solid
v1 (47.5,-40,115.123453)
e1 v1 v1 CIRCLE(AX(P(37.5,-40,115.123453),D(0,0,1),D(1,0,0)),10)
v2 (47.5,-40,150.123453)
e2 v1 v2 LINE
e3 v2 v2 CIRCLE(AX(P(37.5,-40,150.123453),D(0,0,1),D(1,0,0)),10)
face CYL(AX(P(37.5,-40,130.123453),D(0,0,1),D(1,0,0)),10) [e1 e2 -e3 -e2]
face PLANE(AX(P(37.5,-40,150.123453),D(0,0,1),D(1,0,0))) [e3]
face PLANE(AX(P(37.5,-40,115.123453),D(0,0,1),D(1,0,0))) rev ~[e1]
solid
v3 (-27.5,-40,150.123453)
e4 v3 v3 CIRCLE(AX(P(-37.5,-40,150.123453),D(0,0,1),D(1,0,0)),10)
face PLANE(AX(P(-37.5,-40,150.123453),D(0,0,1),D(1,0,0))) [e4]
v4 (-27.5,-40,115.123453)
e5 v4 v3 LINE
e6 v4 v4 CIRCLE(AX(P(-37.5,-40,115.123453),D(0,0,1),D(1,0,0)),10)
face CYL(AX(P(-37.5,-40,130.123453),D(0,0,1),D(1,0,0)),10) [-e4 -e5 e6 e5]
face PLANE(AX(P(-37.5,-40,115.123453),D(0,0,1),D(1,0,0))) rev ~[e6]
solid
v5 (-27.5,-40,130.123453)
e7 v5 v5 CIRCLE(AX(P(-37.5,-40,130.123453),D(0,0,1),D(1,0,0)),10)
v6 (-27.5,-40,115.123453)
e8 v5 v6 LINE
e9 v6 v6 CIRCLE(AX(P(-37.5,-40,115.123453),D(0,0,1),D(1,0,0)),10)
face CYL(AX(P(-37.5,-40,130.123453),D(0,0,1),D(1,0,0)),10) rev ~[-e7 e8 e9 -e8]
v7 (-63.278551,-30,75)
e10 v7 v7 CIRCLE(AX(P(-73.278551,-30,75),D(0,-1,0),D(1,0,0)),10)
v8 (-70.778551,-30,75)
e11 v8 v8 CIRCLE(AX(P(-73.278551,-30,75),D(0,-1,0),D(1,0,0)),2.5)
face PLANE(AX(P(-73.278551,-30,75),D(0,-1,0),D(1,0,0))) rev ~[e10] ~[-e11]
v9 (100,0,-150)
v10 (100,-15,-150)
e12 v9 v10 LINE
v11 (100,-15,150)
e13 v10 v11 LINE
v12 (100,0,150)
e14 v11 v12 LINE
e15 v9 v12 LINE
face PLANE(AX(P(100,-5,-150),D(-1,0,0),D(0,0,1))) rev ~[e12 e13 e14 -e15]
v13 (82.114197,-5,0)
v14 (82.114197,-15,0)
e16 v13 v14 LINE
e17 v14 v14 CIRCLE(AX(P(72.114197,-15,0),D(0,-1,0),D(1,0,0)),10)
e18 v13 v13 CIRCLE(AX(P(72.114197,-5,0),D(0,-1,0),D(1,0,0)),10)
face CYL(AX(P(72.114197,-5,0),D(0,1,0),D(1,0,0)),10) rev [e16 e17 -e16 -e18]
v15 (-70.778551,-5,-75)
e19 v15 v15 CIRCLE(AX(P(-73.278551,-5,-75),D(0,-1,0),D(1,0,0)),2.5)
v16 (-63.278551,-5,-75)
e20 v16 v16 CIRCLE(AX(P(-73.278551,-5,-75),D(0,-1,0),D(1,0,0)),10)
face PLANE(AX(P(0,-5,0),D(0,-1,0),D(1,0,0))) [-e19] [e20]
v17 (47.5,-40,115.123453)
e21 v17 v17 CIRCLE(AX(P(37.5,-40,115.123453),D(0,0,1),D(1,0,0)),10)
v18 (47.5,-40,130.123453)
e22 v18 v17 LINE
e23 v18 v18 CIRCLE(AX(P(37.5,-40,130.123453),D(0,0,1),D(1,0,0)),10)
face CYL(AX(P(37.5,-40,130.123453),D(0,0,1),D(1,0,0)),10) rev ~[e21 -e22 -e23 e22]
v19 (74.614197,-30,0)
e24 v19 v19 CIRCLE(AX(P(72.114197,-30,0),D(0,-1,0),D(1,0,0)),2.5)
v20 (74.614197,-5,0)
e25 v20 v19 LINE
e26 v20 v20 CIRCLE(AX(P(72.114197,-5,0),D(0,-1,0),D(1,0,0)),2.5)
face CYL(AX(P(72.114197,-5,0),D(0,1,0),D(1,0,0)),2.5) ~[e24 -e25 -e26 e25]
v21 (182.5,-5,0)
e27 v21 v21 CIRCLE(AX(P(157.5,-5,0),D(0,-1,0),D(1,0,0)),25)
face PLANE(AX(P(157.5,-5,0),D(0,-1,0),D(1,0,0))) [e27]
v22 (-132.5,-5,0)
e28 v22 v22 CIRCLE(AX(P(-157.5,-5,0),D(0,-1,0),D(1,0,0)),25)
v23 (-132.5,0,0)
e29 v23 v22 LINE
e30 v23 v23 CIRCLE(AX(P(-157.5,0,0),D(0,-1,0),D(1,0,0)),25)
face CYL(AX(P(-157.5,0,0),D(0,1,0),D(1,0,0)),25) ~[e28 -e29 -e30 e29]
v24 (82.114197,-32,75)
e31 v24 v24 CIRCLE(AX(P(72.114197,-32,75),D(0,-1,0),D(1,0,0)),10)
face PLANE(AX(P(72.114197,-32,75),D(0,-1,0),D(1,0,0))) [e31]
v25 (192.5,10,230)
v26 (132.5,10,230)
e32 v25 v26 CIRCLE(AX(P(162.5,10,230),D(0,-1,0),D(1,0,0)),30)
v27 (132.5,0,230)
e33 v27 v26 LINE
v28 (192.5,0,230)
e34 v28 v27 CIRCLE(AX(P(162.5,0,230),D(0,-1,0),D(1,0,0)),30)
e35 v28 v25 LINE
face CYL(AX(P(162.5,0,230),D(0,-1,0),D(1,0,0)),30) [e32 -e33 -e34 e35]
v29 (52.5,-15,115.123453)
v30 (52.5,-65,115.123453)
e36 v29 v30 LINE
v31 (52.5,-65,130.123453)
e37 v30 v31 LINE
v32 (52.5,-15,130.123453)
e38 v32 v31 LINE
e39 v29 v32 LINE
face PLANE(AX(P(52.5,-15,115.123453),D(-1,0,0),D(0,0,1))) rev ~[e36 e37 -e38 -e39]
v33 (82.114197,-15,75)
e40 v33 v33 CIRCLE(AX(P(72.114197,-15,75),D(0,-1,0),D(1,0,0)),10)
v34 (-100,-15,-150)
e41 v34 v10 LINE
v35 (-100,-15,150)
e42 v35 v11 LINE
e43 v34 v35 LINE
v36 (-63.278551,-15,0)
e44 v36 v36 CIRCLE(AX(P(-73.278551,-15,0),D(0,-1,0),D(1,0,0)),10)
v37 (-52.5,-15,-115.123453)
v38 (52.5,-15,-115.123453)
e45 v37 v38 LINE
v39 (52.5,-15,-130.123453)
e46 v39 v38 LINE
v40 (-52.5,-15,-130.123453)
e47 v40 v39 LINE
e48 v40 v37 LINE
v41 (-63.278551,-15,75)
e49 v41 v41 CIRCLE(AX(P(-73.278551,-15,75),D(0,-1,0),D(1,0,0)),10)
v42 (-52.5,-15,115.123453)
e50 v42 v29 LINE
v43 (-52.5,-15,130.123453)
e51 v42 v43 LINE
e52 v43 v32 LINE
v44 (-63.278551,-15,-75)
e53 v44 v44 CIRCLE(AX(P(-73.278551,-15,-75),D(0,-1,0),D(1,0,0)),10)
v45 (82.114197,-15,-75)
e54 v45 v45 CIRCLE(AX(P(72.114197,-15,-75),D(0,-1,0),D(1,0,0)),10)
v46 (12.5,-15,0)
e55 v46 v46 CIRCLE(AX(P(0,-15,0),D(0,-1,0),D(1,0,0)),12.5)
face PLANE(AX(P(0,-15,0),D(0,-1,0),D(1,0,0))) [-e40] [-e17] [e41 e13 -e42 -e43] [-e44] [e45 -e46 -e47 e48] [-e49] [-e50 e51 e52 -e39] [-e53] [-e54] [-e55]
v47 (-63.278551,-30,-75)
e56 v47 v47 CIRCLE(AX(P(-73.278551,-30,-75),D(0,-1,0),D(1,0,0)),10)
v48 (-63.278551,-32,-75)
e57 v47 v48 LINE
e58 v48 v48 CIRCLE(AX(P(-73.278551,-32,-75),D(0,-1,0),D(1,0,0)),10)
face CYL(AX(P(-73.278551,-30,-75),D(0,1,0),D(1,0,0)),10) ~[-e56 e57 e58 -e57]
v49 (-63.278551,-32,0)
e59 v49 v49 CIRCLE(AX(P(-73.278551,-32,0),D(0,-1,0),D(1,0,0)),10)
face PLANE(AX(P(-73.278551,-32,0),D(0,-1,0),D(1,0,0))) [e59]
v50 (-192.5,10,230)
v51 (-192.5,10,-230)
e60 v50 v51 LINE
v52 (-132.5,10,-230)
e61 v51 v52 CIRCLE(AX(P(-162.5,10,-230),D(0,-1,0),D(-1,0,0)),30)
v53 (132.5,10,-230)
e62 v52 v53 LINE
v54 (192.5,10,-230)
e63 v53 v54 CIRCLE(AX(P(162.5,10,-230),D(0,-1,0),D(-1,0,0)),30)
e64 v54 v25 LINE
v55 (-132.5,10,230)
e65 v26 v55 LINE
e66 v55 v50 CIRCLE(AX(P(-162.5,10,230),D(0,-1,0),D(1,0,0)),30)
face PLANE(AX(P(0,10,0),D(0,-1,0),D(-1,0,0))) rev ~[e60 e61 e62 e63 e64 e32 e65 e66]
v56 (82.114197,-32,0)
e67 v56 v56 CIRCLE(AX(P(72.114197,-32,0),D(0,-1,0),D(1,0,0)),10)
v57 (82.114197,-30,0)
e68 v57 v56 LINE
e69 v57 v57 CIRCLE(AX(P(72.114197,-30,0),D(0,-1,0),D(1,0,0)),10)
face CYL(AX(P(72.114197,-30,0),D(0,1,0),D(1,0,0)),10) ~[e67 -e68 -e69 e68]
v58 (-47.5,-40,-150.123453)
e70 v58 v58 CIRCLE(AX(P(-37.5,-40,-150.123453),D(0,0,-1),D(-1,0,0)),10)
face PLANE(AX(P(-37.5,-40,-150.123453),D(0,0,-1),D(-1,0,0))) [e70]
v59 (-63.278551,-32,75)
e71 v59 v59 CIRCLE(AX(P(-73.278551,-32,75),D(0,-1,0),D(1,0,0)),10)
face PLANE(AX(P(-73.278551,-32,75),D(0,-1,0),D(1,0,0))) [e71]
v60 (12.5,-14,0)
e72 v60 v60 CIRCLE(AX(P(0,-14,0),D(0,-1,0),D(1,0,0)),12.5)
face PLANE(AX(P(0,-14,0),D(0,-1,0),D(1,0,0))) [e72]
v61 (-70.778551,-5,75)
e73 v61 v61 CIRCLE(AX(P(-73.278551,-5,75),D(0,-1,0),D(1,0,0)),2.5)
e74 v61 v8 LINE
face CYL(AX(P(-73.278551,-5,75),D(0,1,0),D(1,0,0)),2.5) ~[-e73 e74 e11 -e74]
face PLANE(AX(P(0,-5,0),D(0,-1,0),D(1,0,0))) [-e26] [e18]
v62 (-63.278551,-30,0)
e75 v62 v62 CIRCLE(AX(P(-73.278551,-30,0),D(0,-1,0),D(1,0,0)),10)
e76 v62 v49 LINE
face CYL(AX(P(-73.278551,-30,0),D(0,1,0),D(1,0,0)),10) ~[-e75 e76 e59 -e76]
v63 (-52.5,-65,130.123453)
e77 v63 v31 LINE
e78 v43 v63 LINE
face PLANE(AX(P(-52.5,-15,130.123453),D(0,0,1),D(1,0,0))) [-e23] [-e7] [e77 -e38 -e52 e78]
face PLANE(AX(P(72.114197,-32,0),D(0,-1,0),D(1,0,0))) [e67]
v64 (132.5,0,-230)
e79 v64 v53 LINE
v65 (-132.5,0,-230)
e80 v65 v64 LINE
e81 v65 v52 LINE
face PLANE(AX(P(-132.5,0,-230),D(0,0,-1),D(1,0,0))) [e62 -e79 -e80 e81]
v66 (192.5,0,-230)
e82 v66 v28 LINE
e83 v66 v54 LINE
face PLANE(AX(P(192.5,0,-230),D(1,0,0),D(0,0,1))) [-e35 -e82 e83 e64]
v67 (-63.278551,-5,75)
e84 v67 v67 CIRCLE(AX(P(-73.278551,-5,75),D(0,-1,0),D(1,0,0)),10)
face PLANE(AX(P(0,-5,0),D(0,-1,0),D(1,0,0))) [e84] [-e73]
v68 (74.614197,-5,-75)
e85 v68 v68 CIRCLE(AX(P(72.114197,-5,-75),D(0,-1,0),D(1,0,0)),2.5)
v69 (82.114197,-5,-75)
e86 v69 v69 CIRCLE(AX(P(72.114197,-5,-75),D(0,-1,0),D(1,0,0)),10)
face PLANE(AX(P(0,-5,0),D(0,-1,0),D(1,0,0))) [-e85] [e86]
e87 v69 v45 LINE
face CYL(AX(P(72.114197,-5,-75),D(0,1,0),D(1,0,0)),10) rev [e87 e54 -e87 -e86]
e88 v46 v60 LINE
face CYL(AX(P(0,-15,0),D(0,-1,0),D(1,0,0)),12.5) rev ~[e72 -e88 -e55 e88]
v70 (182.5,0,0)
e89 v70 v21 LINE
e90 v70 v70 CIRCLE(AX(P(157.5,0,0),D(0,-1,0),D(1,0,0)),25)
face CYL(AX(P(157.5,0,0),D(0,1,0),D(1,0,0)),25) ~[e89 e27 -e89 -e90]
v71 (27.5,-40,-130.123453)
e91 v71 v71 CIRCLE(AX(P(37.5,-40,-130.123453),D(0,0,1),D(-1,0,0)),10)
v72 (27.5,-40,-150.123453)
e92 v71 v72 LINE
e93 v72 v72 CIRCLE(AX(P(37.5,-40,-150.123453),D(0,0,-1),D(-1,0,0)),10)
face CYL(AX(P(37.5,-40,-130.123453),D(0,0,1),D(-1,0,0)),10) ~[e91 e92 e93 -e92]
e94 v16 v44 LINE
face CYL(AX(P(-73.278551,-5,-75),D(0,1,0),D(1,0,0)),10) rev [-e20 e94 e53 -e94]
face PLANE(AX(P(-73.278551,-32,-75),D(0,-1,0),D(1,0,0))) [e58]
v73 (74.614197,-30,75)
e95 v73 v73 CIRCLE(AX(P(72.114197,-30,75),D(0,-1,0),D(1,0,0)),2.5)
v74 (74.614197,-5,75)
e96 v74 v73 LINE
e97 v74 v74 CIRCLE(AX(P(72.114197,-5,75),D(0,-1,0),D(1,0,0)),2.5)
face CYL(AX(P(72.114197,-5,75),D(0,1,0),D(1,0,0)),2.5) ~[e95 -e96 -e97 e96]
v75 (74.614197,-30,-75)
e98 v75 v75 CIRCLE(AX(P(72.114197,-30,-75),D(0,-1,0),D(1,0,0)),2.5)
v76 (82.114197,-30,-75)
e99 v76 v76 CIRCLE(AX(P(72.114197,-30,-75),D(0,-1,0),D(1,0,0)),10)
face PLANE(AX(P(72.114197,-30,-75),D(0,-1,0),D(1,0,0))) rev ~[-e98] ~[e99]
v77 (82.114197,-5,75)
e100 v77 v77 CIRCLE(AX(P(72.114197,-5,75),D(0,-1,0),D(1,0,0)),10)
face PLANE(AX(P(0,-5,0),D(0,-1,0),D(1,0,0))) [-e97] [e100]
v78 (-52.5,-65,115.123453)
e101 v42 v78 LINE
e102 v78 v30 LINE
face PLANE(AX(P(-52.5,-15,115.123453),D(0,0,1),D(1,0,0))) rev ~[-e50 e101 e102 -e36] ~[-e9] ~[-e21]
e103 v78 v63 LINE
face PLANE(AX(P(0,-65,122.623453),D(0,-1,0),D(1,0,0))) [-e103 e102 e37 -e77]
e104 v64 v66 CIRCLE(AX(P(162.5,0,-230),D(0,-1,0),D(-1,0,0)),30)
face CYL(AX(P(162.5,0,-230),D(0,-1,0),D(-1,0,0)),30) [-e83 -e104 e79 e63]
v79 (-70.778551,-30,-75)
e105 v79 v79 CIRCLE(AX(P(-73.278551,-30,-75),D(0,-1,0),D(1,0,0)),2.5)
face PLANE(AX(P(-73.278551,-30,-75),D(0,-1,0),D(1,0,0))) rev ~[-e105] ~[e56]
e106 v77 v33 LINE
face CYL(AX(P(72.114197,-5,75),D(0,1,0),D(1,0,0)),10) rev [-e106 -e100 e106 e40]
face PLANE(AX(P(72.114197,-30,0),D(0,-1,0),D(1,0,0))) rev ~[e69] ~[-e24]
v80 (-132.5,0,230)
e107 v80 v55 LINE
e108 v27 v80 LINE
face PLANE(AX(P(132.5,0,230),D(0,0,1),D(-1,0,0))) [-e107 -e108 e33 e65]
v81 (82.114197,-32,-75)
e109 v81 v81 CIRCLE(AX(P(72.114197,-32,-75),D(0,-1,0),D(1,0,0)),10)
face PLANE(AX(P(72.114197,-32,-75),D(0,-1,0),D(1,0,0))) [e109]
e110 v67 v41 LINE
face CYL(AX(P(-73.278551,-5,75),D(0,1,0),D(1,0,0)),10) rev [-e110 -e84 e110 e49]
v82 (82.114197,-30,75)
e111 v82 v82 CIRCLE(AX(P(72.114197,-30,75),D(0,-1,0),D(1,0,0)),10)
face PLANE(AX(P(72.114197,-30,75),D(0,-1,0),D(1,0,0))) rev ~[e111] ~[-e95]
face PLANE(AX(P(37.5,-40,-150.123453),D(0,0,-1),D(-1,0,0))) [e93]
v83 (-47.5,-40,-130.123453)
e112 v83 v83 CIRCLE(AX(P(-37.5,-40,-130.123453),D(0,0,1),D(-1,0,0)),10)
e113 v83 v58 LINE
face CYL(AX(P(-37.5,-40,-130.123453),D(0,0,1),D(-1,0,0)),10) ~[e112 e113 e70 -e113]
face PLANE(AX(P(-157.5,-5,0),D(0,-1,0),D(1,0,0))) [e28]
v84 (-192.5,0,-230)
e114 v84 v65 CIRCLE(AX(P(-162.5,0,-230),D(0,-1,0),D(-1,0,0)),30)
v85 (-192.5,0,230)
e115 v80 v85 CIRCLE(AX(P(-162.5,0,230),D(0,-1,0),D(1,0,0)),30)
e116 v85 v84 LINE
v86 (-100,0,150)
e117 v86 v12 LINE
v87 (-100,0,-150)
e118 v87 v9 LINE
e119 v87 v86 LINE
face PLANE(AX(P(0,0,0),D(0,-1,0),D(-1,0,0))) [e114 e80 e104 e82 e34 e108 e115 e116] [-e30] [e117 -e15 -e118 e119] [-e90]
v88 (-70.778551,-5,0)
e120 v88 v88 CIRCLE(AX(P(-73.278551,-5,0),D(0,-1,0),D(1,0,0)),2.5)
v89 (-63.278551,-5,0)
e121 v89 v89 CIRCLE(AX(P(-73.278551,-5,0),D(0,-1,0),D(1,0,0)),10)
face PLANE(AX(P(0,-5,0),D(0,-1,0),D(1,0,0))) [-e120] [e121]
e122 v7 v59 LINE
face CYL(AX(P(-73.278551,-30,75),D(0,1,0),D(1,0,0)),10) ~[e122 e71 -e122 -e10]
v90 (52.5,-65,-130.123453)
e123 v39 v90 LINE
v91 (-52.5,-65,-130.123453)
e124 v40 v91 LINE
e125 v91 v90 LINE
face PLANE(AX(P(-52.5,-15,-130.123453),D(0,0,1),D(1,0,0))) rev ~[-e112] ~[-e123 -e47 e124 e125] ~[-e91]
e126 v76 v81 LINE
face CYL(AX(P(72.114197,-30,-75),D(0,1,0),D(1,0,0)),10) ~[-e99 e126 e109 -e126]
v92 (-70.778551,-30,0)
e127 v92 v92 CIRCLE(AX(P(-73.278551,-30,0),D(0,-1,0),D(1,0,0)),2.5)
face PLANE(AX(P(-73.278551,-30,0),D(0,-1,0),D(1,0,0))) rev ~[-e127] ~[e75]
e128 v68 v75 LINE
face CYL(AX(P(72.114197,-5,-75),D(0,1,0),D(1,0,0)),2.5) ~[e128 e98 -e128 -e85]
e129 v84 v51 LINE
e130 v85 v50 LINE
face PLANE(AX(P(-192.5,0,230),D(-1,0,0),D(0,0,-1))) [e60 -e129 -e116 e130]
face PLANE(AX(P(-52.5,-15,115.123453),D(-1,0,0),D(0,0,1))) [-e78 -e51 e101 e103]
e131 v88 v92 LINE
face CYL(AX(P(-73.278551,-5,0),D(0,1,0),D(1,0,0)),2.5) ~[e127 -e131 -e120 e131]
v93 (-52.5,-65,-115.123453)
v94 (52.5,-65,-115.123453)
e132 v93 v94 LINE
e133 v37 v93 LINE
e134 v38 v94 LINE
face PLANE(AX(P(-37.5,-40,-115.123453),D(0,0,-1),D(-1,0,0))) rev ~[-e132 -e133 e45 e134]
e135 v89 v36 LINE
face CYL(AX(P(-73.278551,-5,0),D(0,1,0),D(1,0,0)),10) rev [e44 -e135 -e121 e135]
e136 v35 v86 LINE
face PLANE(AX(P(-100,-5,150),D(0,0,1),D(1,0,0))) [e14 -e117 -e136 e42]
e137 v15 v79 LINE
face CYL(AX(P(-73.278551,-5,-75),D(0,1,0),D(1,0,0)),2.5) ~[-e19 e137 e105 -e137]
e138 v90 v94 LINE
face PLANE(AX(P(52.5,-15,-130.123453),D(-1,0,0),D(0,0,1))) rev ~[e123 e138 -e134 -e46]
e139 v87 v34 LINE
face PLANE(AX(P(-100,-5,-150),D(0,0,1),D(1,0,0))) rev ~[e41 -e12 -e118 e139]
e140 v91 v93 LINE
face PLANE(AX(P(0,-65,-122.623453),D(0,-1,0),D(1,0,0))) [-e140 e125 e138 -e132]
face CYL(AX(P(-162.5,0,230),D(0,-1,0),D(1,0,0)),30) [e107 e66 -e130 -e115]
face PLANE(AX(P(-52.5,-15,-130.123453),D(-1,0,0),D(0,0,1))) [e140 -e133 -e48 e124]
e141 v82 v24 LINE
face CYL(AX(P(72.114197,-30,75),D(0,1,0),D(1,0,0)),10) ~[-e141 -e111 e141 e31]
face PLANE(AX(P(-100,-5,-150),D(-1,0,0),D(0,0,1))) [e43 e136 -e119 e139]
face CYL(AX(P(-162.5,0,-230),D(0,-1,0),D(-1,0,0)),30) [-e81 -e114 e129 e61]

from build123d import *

# Parameters (mm, degrees)
BOSS_EXTRUDE1_DEPTH        = 10
SKETCH2_W                  = 200
SKETCH2_H                  = 300
BOSS_EXTRUDE2_DEPTH        = 5
SKETCH3_W                  = 200
SKETCH3_H                  = 300
SKETCH3_R                  = 10
BOSS_EXTRUDE3_DEPTH        = 10
SKETCH4_R                  = 2.5
BOSS_EXTRUDE4_DEPTH        = 25
SKETCH5_R                  = 10
BOSS_EXTRUDE5_DEPTH        = 2
SKETCH6_W                  = 105
SKETCH6_H                  = 15
BOSS_EXTRUDE6_DEPTH        = 50
SKETCH7_R                  = 10
CUT_EXTRUDE1_DEPTH         = 391.123452904
SKETCH8_R                  = 25
BOSS_EXTRUDE7_DEPTH        = 5
SKETCH9_R                  = 10
BOSS_EXTRUDE8_DEPTH        = 20
BOSS_EXTRUDE8_DEPTH_BACK   = 15
BOSS_EXTRUDE8_2_DEPTH      = 20
BOSS_EXTRUDE8_2_DEPTH_BACK = 15
SKETCH10_R                 = 10
BOSS_EXTRUDE10_DEPTH       = 20
BOSS_EXTRUDE10_DEPTH_BACK  = 15
SKETCH11_R                 = 12.5
CUT_EXTRUDE2_DEPTH         = 1


with BuildPart() as part:
    # Sketch1 → Boss-Extrude1 (new body)
    with BuildSketch(Plane(origin=(0, 0, 0), x_dir=(1, 0, 0), z_dir=(0, 1, 0))):
        with BuildLine():
            Line((-132.5, 230), (132.5, 230))
            ThreePointArc((132.5, 230), (162.5, 260), (192.5, 230))
            Line((192.5, 230), (192.5, -230))
            ThreePointArc((192.5, -230), (162.5, -260), (132.5, -230))
            Line((132.5, -230), (-132.5, -230))
            ThreePointArc((-132.5, -230), (-162.5, -260), (-192.5, -230))
            Line((-192.5, -230), (-192.5, 230))
            ThreePointArc((-192.5, 230), (-162.5, 260), (-132.5, 230))
        make_face()
    extrude(amount=BOSS_EXTRUDE1_DEPTH)

    # Sketch2 → Boss-Extrude2 (add)
    with BuildSketch(Plane.XZ):
        Rectangle(SKETCH2_W, SKETCH2_H)
    extrude(amount=BOSS_EXTRUDE2_DEPTH)

    # Sketch3 → Boss-Extrude3 (add)
    with BuildSketch(Plane.XZ.offset(5)):
        Rectangle(SKETCH3_W, SKETCH3_H)
        with Locations((72.114197452, 0)):
            Circle(SKETCH3_R, mode=Mode.SUBTRACT)
        with Locations((-73.278550608, 0)):
            Circle(SKETCH3_R, mode=Mode.SUBTRACT)
        with Locations((-73.278550608, 75)):
            Circle(SKETCH3_R, mode=Mode.SUBTRACT)
        with Locations((72.114197452, 75)):
            Circle(SKETCH3_R, mode=Mode.SUBTRACT)
        with Locations((72.114197452, -75)):
            Circle(SKETCH3_R, mode=Mode.SUBTRACT)
        with Locations((-73.278550608, -75)):
            Circle(SKETCH3_R, mode=Mode.SUBTRACT)
    extrude(amount=BOSS_EXTRUDE3_DEPTH)

    # Sketch4 → Boss-Extrude4 (add)
    with BuildSketch(Plane.XZ.offset(5)):
        with Locations((-73.278550608, 75)):
            Circle(SKETCH4_R)
        with Locations((72.114197452, 75)):
            Circle(SKETCH4_R)
        with Locations((-73.278550608, 0)):
            Circle(SKETCH4_R)
        with Locations((-73.278550608, -75)):
            Circle(SKETCH4_R)
        with Locations((72.114197452, 0)):
            Circle(SKETCH4_R)
        with Locations((72.114197452, -75)):
            Circle(SKETCH4_R)
    extrude(amount=BOSS_EXTRUDE4_DEPTH)

    # Sketch5 → Boss-Extrude5 (add)
    with BuildSketch(Plane.XZ.offset(30)):
        with Locations((-73.278550608, 0)):
            Circle(SKETCH5_R)
        with Locations((-73.278550608, 75)):
            Circle(SKETCH5_R)
        with Locations((72.114197452, 75)):
            Circle(SKETCH5_R)
        with Locations((72.114197452, 0)):
            Circle(SKETCH5_R)
        with Locations((72.114197452, -75)):
            Circle(SKETCH5_R)
        with Locations((-73.278550608, -75)):
            Circle(SKETCH5_R)
    extrude(amount=BOSS_EXTRUDE5_DEPTH)

    # Sketch6 → Boss-Extrude6 (add)
    with BuildSketch(Plane.XZ.offset(15)):
        with Locations((0, 122.623452904)):
            Rectangle(SKETCH6_W, SKETCH6_H)
        with Locations((0, -122.623452904)):
            Rectangle(SKETCH6_W, SKETCH6_H)
    extrude(amount=BOSS_EXTRUDE6_DEPTH)

    # Sketch7 → Cut-Extrude1 (cut, through all)
    with BuildSketch(Plane.XY.offset(130.123452904)):
        with Locations((37.5, -40)):
            Circle(SKETCH7_R)
        with Locations((-37.5, -40)):
            Circle(SKETCH7_R)
    extrude(amount=-CUT_EXTRUDE1_DEPTH, mode=Mode.SUBTRACT)

    # Sketch8 → Boss-Extrude7 (add)
    with BuildSketch(Plane.XZ):
        with Locations((157.5, 0)):
            Circle(SKETCH8_R)
        with Locations((-157.5, 0)):
            Circle(SKETCH8_R)
    extrude(amount=BOSS_EXTRUDE7_DEPTH)

    # Sketch10 → Boss-Extrude10 (add, two sides)
    with BuildSketch(Plane(origin=(0, 0, -130.123452904), x_dir=(-1, 0, 0), z_dir=(0, 0, -1))) as boss_extrude10_sk:
        with Locations((37.5, -40)):
            Circle(SKETCH10_R)
        with Locations((-37.5, -40)):
            Circle(SKETCH10_R)
    extrude(amount=BOSS_EXTRUDE10_DEPTH)
    extrude(boss_extrude10_sk.sketch, amount=-BOSS_EXTRUDE10_DEPTH_BACK)

    # Sketch11 → Cut-Extrude2 (cut)
    with BuildSketch(Plane.XZ.offset(15)):
        Circle(SKETCH11_R)
    extrude(amount=-CUT_EXTRUDE2_DEPTH, mode=Mode.SUBTRACT)


with BuildPart() as body_2:
    # Sketch9 → Boss-Extrude8 (new body, two sides)
    with BuildSketch(Plane.XY.offset(130.123452904)) as boss_extrude8_sk:
        with Locations((37.5, -40)):
            Circle(SKETCH9_R)
    extrude(amount=BOSS_EXTRUDE8_DEPTH)
    extrude(boss_extrude8_sk.sketch, amount=-BOSS_EXTRUDE8_DEPTH_BACK)


with BuildPart() as body_3:
    # Sketch9 → Boss-Extrude8 2 (new body, two sides)
    with BuildSketch(Plane.XY.offset(130.123452904)) as boss_extrude8_2_sk:
        with Locations((-37.5, -40)):
            Circle(SKETCH9_R)
    extrude(amount=BOSS_EXTRUDE8_2_DEPTH)
    extrude(boss_extrude8_2_sk.sketch, amount=-BOSS_EXTRUDE8_2_DEPTH_BACK)


solid = Compound([part.part, body_2.part, body_3.part])
